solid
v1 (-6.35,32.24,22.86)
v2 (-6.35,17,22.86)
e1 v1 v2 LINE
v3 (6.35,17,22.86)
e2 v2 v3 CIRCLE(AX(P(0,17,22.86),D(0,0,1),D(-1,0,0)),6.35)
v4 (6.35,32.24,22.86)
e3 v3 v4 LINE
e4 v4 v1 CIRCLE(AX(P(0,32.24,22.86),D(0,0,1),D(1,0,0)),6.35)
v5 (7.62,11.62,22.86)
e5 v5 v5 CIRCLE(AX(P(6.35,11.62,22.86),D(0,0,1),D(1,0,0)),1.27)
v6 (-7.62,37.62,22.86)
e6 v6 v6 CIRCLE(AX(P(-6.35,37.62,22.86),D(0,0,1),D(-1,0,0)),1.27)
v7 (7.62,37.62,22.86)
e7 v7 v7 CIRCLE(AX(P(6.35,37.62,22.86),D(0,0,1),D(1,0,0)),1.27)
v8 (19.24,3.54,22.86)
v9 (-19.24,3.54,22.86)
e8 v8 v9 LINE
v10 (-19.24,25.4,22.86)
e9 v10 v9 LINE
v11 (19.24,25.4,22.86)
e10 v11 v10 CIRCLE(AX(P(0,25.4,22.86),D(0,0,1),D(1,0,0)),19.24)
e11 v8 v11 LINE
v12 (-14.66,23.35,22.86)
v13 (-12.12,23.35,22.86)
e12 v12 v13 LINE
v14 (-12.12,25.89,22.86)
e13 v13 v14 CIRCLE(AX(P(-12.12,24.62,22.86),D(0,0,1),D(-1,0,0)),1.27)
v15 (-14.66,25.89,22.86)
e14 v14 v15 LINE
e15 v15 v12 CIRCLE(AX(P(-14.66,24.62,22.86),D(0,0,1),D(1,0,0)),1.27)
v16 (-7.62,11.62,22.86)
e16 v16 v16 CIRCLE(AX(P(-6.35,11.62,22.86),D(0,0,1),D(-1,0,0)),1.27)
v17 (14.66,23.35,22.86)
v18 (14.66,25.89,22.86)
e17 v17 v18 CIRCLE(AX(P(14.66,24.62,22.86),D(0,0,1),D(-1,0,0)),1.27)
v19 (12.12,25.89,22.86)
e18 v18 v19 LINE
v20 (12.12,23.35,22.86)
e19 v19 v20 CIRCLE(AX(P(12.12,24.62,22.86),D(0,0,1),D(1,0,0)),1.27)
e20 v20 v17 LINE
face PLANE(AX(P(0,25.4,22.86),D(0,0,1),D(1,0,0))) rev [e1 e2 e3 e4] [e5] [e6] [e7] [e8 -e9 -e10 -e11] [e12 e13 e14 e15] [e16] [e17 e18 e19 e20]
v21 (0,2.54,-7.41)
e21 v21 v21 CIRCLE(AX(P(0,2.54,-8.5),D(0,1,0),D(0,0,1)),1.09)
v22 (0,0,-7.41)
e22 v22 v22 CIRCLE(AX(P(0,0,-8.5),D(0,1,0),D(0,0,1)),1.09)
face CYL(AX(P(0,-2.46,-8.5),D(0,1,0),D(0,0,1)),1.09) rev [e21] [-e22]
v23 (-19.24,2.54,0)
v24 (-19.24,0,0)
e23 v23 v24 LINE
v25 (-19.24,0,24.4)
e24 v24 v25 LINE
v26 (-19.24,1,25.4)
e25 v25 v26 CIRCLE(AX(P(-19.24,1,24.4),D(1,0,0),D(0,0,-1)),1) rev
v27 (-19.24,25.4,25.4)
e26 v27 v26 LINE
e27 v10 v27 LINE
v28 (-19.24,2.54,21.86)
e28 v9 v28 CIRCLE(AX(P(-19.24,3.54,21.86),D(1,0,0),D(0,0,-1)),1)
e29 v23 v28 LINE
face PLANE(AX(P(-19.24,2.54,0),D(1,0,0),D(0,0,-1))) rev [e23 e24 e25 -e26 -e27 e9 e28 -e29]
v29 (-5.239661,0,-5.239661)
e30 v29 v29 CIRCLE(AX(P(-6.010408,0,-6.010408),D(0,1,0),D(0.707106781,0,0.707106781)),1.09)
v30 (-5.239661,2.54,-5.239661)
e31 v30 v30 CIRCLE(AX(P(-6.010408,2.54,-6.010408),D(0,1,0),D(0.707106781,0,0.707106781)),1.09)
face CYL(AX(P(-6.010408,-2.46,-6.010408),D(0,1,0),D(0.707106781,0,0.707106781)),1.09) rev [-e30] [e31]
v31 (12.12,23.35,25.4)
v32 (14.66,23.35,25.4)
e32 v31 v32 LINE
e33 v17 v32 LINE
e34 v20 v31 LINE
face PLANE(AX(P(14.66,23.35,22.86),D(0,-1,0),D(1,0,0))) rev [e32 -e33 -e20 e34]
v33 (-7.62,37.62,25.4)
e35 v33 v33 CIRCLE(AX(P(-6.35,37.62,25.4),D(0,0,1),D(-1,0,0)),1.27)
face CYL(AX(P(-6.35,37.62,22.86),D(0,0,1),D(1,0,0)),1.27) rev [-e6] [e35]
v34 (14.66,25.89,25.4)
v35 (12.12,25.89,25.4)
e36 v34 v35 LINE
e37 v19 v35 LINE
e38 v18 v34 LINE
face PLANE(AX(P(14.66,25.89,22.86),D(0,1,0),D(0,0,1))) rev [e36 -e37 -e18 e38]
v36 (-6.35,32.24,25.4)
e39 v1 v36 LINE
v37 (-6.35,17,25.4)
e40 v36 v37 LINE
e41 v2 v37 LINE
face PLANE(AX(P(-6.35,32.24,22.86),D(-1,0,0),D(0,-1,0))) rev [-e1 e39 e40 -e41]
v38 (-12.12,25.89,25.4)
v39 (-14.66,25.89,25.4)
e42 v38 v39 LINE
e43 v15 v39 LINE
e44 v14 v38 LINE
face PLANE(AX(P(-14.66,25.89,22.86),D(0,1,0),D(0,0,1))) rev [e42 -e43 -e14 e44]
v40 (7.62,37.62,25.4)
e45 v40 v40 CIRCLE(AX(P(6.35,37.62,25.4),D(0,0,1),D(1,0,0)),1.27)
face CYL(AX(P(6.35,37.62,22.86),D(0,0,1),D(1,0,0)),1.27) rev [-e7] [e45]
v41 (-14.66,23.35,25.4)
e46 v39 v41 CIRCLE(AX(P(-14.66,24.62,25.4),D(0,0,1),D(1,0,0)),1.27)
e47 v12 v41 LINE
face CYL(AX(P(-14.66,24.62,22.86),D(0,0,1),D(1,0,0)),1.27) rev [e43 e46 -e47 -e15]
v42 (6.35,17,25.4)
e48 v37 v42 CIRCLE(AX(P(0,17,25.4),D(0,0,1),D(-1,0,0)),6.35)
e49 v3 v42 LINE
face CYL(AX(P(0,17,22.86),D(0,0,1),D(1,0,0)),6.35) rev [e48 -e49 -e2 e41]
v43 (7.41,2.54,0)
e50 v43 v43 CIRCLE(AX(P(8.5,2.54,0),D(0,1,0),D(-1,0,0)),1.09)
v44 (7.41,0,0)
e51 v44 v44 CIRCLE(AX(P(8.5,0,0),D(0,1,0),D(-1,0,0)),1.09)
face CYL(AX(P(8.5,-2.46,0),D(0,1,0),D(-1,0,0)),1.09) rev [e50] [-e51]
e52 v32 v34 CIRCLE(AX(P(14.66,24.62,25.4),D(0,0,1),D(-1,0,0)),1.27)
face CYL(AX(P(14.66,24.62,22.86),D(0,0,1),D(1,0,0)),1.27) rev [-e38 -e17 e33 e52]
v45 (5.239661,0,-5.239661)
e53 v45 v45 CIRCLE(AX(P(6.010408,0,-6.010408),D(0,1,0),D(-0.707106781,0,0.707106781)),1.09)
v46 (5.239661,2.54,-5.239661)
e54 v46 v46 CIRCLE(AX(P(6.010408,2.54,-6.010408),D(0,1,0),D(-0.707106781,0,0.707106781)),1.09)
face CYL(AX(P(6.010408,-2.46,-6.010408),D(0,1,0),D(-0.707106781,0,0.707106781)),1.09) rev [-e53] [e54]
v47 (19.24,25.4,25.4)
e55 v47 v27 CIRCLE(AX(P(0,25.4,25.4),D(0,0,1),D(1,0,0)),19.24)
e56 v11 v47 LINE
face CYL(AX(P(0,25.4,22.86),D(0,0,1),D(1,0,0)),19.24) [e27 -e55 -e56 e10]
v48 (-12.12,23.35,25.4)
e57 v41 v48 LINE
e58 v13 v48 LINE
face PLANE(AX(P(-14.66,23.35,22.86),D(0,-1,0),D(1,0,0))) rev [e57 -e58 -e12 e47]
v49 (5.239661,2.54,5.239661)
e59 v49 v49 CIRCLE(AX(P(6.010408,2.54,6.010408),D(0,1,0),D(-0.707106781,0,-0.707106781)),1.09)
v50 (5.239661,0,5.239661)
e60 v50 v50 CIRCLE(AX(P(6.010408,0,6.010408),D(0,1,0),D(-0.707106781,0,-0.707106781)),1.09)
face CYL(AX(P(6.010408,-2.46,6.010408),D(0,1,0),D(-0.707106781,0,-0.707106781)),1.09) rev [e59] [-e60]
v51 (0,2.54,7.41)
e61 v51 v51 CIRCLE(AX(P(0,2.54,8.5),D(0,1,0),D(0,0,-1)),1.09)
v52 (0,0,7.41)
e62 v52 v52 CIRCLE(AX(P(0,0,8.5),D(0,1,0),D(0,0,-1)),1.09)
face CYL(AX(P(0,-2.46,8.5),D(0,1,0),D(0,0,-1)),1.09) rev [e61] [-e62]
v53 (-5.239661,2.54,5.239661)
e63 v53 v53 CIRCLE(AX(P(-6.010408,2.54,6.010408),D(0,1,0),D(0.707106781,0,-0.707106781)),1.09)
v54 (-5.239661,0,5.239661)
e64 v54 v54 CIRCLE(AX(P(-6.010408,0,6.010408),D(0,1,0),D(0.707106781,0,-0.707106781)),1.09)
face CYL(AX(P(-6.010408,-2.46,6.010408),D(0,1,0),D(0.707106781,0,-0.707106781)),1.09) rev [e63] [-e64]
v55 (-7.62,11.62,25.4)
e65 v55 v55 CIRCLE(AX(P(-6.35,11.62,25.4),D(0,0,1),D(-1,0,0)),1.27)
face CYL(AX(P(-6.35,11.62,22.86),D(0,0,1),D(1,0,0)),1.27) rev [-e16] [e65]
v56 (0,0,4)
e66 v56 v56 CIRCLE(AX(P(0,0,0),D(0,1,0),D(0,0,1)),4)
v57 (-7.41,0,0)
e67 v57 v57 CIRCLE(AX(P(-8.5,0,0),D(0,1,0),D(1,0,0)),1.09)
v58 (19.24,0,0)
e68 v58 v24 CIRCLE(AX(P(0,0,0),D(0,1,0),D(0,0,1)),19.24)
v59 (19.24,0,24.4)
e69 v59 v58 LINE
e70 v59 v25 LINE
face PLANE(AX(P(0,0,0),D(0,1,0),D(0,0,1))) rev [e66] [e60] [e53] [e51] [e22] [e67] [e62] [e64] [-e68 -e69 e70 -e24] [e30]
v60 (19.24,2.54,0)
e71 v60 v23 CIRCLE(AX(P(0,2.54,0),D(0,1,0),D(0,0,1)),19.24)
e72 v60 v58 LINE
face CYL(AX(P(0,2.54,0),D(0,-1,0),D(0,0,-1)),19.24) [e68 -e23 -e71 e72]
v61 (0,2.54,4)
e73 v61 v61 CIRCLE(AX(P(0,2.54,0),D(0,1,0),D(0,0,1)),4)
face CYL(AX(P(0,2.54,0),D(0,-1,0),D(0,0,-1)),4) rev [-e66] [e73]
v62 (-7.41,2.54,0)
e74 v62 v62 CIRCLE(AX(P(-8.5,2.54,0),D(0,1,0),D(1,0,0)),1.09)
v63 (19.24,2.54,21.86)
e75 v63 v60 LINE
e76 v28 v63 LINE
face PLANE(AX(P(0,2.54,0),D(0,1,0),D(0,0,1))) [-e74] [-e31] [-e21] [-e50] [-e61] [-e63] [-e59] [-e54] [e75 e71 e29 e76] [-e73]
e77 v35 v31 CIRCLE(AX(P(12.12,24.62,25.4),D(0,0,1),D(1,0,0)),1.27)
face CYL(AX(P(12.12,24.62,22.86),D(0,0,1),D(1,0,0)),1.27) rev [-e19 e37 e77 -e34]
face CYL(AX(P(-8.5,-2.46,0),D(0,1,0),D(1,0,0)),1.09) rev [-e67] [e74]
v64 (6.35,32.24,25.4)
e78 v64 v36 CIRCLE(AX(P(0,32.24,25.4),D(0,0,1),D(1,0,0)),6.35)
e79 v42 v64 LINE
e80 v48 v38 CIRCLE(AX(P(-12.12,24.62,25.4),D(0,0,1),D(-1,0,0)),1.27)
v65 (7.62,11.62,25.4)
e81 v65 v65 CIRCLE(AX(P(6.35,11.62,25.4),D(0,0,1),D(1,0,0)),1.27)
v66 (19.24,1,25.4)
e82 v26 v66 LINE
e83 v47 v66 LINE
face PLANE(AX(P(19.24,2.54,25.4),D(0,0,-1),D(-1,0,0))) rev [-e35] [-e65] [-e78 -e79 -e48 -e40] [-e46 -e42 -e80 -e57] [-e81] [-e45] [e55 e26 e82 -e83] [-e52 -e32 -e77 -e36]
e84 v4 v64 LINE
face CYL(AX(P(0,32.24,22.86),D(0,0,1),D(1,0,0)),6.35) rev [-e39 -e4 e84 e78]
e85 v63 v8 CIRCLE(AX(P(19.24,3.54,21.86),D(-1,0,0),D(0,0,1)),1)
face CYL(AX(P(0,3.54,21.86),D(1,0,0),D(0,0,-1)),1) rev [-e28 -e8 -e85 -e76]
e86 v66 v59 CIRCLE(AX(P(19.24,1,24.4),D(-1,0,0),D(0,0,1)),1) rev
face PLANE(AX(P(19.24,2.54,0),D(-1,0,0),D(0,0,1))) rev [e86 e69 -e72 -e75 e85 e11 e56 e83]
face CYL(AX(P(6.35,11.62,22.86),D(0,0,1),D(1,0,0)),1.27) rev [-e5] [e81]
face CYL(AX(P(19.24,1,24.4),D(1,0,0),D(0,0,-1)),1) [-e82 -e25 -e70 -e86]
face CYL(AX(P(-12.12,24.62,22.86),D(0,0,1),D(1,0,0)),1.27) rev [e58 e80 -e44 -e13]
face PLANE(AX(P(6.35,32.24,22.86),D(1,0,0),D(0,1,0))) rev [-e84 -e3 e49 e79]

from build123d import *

# Parameters (mm, degrees)
SKETCH1_R           = 4
BOSS_EXTRUDE1_DEPTH = 2.54
SKETCH2_R           = 1.09
CUT_EXTRUDE1_DEPTH  = 5
CIRPATTERN1_COUNT   = 8
SKETCH3_R           = 1.27
BOSS_EXTRUDE2_DEPTH = 2.54
FILLET1_R           = 1


with BuildPart() as part:
    # Sketch1 → Boss-Extrude1 (new body)
    with BuildSketch(Plane(origin=(0, 0, 0), x_dir=(1, 0, 0), z_dir=(0, 1, 0))):
        with BuildLine():
            Line((-19.24, 0), (-19.24, -25.4))
            Line((-19.24, -25.4), (19.24, -25.4))
            Line((19.24, -25.4), (19.24, 0))
            ThreePointArc((19.24, 0), (0, 19.24), (-19.24, 0))
        make_face()
        with Locations(Location((0, 0, 0), (0, 0, 270))):
            Circle(SKETCH1_R, mode=Mode.SUBTRACT)
    extrude(amount=BOSS_EXTRUDE1_DEPTH)

    # Sketch2 → Cut-Extrude1 (cut, symmetric)
    with BuildSketch(Plane(origin=(0, 2.54, 0), x_dir=(1, 0, 0), z_dir=(0, 1, 0))):
        with Locations(Location((0, 8.5, 0), (0, 0, 270))):
            Circle(SKETCH2_R)
    cut_extrude1 = extrude(amount=CUT_EXTRUDE1_DEPTH, both=True, mode=Mode.SUBTRACT)

    # CirPattern1: Cut-Extrude1 ×8 about axis
    cirpattern1_axis = Axis((0, 0, 0), (0, 1, 0))
    for i in range(1, CIRPATTERN1_COUNT):
        add(cut_extrude1.rotate(cirpattern1_axis, i * 360 / CIRPATTERN1_COUNT), mode=Mode.SUBTRACT)

    # Sketch3 → Boss-Extrude2 (add)
    with BuildSketch(Plane.XY.offset(25.4)):
        with BuildLine():
            Line((19.24, 2.54), (19.24, 25.4))
            ThreePointArc((19.24, 25.4), (0, 44.64), (-19.24, 25.4))
            Line((-19.24, 25.4), (-19.24, 2.54))
            Line((-19.24, 2.54), (19.24, 2.54))
        make_face()
        with Locations((6.35, 37.62)):
            Circle(SKETCH3_R, mode=Mode.SUBTRACT)
        with Locations((6.35, 11.62)):
            Circle(SKETCH3_R, mode=Mode.SUBTRACT)
        with Locations(Location((-6.35, 11.62, 0), (0, 0, 180))):
            Circle(SKETCH3_R, mode=Mode.SUBTRACT)
        with Locations(Location((-6.35, 37.62, 0), (0, 0, 180))):
            Circle(SKETCH3_R, mode=Mode.SUBTRACT)
        with BuildLine():
            Line((6.35, 32.24), (6.35, 17))
            ThreePointArc((6.35, 17), (0, 10.65), (-6.35, 17))
            Line((-6.35, 17), (-6.35, 32.24))
            ThreePointArc((-6.35, 32.24), (0, 38.59), (6.35, 32.24))
        make_face(mode=Mode.SUBTRACT)
        with BuildLine():
            Line((14.66, 25.89), (12.12, 25.89))
            ThreePointArc((12.12, 25.89), (10.85, 24.62), (12.12, 23.35))
            Line((12.12, 23.35), (14.66, 23.35))
            ThreePointArc((14.66, 23.35), (15.93, 24.62), (14.66, 25.89))
        make_face(mode=Mode.SUBTRACT)
        with BuildLine():
            Line((-14.66, 23.35), (-12.12, 23.35))
            ThreePointArc((-12.12, 23.35), (-10.85, 24.62), (-12.12, 25.89))
            Line((-12.12, 25.89), (-14.66, 25.89))
            ThreePointArc((-14.66, 25.89), (-15.93, 24.62), (-14.66, 23.35))
        make_face(mode=Mode.SUBTRACT)
    extrude(amount=-BOSS_EXTRUDE2_DEPTH)

    # Fillet1
    fillet1_edges = [part.edges().sort_by_distance(p)[0] for p in [
        (0, 0, 25.4),
        (0, 2.54, 22.86),
    ]]
    fillet(fillet1_edges, radius=FILLET1_R)


solid = part.part
